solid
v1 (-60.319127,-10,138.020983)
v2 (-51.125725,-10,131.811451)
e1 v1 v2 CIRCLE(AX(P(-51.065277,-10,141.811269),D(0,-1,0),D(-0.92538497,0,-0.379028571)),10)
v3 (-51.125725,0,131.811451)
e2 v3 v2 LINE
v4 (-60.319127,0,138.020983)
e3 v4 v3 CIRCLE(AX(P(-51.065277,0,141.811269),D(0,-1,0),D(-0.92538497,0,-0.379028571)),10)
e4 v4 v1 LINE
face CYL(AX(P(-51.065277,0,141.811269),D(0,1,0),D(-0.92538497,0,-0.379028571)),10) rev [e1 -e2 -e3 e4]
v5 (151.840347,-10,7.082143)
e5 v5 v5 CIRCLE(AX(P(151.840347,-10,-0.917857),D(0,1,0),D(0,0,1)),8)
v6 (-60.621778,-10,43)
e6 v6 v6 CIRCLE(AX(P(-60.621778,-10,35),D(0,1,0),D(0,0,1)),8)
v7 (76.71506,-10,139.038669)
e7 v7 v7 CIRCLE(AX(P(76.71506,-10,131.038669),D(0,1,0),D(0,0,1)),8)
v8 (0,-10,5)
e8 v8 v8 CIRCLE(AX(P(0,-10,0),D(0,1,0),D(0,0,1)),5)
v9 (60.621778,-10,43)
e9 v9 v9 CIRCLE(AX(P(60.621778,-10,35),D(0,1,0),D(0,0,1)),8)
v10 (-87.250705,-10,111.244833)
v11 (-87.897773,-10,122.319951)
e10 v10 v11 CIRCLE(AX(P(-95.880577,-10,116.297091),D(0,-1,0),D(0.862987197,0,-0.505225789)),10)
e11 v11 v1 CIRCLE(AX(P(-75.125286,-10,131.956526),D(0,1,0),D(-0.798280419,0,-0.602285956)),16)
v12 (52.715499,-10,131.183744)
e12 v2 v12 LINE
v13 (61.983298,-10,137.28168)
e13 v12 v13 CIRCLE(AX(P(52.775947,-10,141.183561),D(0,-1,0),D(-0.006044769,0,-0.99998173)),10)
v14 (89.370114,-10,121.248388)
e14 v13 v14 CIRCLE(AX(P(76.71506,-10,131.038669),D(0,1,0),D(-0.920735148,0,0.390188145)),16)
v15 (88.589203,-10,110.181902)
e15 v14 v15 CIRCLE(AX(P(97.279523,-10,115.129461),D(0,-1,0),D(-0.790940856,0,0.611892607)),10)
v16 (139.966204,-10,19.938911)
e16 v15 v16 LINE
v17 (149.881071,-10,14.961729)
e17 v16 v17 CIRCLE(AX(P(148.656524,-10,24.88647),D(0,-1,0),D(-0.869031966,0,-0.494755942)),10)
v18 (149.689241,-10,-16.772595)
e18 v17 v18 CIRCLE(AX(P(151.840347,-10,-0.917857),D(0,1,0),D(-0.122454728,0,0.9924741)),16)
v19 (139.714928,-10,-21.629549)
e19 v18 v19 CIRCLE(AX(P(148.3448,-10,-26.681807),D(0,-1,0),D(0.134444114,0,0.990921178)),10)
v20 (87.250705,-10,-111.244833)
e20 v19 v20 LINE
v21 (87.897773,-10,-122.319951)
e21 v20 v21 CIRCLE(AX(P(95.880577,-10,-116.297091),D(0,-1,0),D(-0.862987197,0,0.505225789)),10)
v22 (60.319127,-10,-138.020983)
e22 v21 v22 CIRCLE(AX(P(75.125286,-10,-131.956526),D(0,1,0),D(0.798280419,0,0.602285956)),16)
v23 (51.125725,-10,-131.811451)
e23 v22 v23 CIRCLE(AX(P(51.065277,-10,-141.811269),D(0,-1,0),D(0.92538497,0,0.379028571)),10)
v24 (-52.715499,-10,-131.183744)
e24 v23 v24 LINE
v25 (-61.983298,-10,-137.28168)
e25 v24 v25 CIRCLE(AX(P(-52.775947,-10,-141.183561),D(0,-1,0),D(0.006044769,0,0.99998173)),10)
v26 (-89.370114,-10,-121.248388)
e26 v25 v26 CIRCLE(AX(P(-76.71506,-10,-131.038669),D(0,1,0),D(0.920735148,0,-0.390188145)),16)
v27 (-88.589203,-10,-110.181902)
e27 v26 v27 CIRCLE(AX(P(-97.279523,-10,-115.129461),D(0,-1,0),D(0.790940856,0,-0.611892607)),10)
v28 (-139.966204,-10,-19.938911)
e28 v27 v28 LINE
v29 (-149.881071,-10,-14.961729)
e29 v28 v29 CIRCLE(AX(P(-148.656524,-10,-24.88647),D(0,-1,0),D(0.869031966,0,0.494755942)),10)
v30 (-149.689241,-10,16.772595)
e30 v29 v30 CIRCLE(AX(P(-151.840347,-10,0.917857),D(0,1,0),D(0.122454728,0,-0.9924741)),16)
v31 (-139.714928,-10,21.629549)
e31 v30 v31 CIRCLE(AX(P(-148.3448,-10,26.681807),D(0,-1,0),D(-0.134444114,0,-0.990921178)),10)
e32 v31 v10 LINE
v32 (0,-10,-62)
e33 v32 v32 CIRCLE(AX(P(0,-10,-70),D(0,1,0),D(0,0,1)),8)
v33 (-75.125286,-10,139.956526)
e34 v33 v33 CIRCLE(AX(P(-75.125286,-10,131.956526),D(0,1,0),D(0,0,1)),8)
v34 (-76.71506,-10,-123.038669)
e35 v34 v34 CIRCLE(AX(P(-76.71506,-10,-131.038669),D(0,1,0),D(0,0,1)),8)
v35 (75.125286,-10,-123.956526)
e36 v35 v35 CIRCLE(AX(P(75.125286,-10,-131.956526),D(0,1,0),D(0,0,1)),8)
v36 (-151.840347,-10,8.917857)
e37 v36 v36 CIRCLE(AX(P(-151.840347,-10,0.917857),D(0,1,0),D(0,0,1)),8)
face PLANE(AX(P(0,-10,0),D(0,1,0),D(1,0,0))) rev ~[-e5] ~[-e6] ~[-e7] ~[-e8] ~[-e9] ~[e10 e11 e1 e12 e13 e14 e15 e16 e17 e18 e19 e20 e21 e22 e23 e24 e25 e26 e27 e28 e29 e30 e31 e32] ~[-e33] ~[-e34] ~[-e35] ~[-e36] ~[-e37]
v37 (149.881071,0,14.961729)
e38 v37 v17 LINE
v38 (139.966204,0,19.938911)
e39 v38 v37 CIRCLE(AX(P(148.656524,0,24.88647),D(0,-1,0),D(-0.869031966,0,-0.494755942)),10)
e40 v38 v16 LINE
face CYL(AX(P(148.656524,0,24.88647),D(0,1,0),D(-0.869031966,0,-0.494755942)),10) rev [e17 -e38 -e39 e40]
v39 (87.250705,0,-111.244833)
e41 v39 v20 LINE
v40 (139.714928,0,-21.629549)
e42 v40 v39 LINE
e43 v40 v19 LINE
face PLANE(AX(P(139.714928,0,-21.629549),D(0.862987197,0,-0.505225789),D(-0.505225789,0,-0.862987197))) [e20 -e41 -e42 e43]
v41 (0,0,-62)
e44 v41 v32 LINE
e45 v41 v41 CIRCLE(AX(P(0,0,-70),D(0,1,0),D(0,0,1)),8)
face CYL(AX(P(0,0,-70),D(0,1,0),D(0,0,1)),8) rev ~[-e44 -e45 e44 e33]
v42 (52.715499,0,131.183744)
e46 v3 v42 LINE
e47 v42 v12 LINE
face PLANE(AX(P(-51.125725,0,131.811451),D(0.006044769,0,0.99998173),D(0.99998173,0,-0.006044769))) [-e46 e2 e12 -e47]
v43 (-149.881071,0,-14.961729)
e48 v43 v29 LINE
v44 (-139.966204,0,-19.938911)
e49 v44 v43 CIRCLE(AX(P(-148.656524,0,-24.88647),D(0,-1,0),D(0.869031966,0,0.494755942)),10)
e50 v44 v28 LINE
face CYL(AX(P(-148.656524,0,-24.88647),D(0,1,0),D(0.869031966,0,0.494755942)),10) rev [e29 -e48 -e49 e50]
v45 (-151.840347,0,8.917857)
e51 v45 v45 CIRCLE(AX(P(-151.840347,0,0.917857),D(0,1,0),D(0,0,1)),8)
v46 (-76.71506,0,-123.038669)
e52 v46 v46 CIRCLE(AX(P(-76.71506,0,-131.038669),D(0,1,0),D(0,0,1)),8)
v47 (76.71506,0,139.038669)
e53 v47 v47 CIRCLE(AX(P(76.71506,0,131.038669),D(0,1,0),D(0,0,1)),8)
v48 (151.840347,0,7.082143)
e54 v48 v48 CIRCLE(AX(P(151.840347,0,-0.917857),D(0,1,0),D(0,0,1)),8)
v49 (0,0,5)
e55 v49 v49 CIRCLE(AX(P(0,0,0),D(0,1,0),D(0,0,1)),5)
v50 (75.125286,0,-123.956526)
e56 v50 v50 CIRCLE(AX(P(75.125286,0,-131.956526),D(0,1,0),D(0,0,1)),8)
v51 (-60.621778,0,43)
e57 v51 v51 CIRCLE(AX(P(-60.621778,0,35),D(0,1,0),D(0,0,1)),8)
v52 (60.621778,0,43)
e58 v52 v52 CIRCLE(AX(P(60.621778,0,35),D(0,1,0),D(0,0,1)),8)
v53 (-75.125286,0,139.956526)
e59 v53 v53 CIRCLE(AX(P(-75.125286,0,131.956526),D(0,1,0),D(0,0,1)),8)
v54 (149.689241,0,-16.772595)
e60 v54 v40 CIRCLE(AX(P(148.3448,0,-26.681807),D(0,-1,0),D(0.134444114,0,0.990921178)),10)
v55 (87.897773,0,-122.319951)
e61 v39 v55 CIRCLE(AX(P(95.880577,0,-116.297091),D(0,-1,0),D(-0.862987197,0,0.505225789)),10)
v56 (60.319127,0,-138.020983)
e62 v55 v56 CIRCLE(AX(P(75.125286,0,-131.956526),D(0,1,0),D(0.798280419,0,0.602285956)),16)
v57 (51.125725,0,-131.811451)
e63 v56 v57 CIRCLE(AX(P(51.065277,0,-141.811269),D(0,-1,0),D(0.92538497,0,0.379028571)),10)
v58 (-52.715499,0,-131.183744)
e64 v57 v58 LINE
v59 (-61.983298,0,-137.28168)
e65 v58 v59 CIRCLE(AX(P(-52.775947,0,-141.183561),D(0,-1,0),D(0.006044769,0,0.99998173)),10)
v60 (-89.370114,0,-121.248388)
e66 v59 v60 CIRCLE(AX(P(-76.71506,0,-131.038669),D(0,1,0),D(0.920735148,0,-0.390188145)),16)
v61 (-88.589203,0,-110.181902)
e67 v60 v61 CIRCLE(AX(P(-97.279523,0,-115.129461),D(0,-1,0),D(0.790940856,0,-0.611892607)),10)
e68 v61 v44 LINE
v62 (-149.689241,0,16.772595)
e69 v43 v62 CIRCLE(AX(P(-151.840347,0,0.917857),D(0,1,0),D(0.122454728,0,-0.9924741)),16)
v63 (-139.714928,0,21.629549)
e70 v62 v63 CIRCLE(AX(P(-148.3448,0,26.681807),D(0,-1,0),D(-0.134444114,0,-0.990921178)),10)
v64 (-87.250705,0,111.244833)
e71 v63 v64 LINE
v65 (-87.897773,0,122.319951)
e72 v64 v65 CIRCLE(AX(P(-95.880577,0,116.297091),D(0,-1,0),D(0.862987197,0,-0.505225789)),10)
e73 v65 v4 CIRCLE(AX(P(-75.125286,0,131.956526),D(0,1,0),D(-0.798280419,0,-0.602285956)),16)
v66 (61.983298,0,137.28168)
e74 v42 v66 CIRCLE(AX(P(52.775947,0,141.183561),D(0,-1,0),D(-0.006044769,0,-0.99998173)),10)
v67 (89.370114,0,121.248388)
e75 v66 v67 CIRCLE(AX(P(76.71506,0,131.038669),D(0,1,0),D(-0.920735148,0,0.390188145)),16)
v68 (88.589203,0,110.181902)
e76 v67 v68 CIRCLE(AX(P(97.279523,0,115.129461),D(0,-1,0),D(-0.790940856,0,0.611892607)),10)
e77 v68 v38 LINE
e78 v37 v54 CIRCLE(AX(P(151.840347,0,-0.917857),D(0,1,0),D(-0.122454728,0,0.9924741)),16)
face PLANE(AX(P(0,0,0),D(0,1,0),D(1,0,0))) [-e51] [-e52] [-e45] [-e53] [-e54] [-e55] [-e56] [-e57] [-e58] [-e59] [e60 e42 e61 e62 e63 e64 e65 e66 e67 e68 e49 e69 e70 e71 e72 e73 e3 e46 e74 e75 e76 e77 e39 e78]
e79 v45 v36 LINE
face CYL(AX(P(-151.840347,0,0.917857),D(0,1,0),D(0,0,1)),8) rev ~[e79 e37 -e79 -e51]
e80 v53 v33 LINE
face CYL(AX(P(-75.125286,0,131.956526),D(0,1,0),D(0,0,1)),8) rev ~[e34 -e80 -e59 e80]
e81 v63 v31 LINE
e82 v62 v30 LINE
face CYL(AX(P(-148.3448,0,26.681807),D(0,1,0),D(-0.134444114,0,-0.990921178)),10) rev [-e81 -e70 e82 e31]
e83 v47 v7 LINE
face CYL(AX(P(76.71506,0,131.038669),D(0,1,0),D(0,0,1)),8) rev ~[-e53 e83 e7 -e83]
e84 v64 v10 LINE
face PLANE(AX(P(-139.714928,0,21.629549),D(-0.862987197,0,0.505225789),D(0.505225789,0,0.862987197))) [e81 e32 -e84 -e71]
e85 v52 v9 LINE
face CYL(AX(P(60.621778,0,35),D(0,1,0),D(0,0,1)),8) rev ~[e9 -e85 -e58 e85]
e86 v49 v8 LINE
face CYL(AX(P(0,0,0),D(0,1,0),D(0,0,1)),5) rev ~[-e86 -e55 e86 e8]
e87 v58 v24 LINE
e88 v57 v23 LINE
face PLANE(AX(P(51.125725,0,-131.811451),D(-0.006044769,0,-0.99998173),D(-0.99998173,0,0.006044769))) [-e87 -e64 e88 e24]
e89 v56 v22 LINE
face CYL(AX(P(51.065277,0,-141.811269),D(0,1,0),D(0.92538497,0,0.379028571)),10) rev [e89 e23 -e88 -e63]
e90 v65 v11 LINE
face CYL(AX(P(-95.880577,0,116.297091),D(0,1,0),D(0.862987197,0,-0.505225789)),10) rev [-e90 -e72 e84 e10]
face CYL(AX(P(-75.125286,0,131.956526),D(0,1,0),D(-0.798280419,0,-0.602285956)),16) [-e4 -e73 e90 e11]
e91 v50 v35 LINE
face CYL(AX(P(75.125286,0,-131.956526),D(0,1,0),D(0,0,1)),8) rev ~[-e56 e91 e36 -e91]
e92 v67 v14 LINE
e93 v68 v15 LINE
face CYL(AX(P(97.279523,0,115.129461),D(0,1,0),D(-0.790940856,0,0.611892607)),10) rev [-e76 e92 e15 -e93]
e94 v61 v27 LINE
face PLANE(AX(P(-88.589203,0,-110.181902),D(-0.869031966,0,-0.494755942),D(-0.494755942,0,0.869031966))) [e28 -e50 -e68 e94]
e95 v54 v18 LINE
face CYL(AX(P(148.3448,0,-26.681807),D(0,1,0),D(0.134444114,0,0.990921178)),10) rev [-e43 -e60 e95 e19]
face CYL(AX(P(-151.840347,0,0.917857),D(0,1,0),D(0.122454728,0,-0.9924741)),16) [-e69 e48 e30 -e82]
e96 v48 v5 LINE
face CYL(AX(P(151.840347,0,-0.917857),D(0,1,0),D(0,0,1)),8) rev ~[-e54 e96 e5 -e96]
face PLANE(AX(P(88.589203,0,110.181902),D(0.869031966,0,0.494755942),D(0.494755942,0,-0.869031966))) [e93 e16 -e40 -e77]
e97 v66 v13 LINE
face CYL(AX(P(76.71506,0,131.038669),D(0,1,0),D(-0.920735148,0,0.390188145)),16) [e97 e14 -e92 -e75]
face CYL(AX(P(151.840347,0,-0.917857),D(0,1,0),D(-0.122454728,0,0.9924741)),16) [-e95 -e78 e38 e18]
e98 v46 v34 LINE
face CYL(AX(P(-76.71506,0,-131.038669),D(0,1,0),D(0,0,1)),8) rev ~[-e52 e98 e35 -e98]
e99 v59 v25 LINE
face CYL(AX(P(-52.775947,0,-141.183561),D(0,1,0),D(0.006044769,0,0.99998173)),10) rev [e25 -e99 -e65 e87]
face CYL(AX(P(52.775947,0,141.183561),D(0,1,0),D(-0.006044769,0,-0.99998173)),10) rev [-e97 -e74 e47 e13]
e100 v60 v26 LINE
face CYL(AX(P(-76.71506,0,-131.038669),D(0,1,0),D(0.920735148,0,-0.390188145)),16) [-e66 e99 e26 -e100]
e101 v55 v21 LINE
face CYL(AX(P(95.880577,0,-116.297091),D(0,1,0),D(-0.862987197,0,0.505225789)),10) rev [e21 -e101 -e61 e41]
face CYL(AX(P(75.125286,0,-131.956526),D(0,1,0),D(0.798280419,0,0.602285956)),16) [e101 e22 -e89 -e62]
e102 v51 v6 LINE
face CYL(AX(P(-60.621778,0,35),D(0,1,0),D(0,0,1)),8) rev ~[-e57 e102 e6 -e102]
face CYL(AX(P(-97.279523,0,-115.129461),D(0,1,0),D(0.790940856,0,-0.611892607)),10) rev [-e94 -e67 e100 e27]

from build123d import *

# Parameters (mm, degrees)
ESQUISSE1_R        = 8
ESQUISSE1_R_2      = 5
BOSS_EXTRU_2_DEPTH = 10


with BuildPart() as part:
    # Esquisse1 → Boss.-Extru.2 (new body)
    with BuildSketch(Plane(origin=(0, 0, 0), x_dir=(1, 0, 0), z_dir=(0, 1, 0))):
        with BuildLine():
            Line((88.589203043, -110.181902046), (139.966204056, -19.938910608))
            ThreePointArc((139.966204056, -19.938910608), (144.170152865, -15.949329734), (149.881071002, -14.961729023))
            ThreePointArc((149.881071002, -14.961729023), (167.84005434, 1.014572883), (149.689240839, 16.772595422))
            ThreePointArc((149.689240839, 16.772595422), (143.966800629, 17.691082861), (139.71492773, 21.629549313))
            Line((139.71492773, 21.629549313), (87.250705139, 111.24483308))
            ThreePointArc((87.250705139, 111.24483308), (85.897601156, 116.880349981), (87.897772919, 122.319950523))
            ThreePointArc((87.897772919, 122.319950523), (83.04138128, 145.861037272), (60.319126696, 138.02098295))
            ThreePointArc((60.319126696, 138.02098295), (56.662473136, 133.524448077), (51.125724688, 131.811451359))
            Line((51.125724688, 131.811451359), (-52.715498918, 131.183743688))
            ThreePointArc((-52.715498918, 131.183743688), (-58.272551709, 132.829679716), (-61.983298082, 137.281679546))
            ThreePointArc((-61.983298082, 137.281679546), (-84.79867306, 144.846464389), (-89.370114142, 121.248387528))
            ThreePointArc((-89.370114142, 121.248387528), (-87.304327493, 115.833365215), (-88.589203043, 110.181902046))
            Line((-88.589203043, 110.181902046), (-139.966204056, 19.938910608))
            ThreePointArc((-139.966204056, 19.938910608), (-144.170152865, 15.949329734), (-149.881071002, 14.961729023))
            ThreePointArc((-149.881071002, 14.961729023), (-167.84005434, -1.014572883), (-149.689240839, -16.772595422))
            ThreePointArc((-149.689240839, -16.772595422), (-143.966800629, -17.691082861), (-139.71492773, -21.629549313))
            Line((-139.71492773, -21.629549313), (-87.250705139, -111.24483308))
            ThreePointArc((-87.250705139, -111.24483308), (-85.897601156, -116.880349981), (-87.897772919, -122.319950523))
            ThreePointArc((-87.897772919, -122.319950523), (-83.04138128, -145.861037272), (-60.319126696, -138.02098295))
            ThreePointArc((-60.319126696, -138.02098295), (-56.662473136, -133.524448077), (-51.125724688, -131.811451359))
            Line((-51.125724688, -131.811451359), (52.715498918, -131.183743688))
            ThreePointArc((52.715498918, -131.183743688), (58.272551709, -132.829679716), (61.983298082, -137.281679546))
            ThreePointArc((61.983298082, -137.281679546), (84.79867306, -144.846464389), (89.370114142, -121.248387528))
            ThreePointArc((89.370114142, -121.248387528), (87.304327493, -115.833365215), (88.589203043, -110.181902046))
        make_face()
        with Locations(Location((-151.840346656, -0.91785658, 0), (0, 0, 270))):  # turned: the seam where the file's is
            Circle(ESQUISSE1_R, mode=Mode.SUBTRACT)
        with Locations(Location((-76.715060443, 131.038669234, 0), (0, 0, 270))):  # turned: the seam where the file's is
            Circle(ESQUISSE1_R, mode=Mode.SUBTRACT)
        with Locations(Location((75.125286213, 131.956525813, 0), (0, 0, 270))):  # turned: the seam where the file's is
            Circle(ESQUISSE1_R, mode=Mode.SUBTRACT)
        with Locations(Location((151.840346656, 0.91785658, 0), (0, 0, 270))):  # turned: the seam where the file's is
            Circle(ESQUISSE1_R, mode=Mode.SUBTRACT)
        with Locations(Location((76.715060443, -131.038669234, 0), (0, 0, 270))):  # turned: the seam where the file's is
            Circle(ESQUISSE1_R, mode=Mode.SUBTRACT)
        with Locations(Location((-75.125286213, -131.956525813, 0), (0, 0, 270))):  # turned: the seam where the file's is
            Circle(ESQUISSE1_R, mode=Mode.SUBTRACT)
        with Locations(Location((0, 70, 0), (0, 0, 270))):  # turned: the seam where the file's is
            Circle(ESQUISSE1_R, mode=Mode.SUBTRACT)
        with Locations(Location((60.621778265, -35, 0), (0, 0, 270))):  # turned: the seam where the file's is
            Circle(ESQUISSE1_R, mode=Mode.SUBTRACT)
        with Locations(Location((-60.621778265, -35, 0), (0, 0, 270))):  # turned: the seam where the file's is
            Circle(ESQUISSE1_R, mode=Mode.SUBTRACT)
        with Locations(Location((0, 0, 0), (0, 0, 270))):  # turned: the seam where the file's is
            Circle(ESQUISSE1_R_2, mode=Mode.SUBTRACT)
    extrude(amount=-BOSS_EXTRU_2_DEPTH)


solid = part.part
